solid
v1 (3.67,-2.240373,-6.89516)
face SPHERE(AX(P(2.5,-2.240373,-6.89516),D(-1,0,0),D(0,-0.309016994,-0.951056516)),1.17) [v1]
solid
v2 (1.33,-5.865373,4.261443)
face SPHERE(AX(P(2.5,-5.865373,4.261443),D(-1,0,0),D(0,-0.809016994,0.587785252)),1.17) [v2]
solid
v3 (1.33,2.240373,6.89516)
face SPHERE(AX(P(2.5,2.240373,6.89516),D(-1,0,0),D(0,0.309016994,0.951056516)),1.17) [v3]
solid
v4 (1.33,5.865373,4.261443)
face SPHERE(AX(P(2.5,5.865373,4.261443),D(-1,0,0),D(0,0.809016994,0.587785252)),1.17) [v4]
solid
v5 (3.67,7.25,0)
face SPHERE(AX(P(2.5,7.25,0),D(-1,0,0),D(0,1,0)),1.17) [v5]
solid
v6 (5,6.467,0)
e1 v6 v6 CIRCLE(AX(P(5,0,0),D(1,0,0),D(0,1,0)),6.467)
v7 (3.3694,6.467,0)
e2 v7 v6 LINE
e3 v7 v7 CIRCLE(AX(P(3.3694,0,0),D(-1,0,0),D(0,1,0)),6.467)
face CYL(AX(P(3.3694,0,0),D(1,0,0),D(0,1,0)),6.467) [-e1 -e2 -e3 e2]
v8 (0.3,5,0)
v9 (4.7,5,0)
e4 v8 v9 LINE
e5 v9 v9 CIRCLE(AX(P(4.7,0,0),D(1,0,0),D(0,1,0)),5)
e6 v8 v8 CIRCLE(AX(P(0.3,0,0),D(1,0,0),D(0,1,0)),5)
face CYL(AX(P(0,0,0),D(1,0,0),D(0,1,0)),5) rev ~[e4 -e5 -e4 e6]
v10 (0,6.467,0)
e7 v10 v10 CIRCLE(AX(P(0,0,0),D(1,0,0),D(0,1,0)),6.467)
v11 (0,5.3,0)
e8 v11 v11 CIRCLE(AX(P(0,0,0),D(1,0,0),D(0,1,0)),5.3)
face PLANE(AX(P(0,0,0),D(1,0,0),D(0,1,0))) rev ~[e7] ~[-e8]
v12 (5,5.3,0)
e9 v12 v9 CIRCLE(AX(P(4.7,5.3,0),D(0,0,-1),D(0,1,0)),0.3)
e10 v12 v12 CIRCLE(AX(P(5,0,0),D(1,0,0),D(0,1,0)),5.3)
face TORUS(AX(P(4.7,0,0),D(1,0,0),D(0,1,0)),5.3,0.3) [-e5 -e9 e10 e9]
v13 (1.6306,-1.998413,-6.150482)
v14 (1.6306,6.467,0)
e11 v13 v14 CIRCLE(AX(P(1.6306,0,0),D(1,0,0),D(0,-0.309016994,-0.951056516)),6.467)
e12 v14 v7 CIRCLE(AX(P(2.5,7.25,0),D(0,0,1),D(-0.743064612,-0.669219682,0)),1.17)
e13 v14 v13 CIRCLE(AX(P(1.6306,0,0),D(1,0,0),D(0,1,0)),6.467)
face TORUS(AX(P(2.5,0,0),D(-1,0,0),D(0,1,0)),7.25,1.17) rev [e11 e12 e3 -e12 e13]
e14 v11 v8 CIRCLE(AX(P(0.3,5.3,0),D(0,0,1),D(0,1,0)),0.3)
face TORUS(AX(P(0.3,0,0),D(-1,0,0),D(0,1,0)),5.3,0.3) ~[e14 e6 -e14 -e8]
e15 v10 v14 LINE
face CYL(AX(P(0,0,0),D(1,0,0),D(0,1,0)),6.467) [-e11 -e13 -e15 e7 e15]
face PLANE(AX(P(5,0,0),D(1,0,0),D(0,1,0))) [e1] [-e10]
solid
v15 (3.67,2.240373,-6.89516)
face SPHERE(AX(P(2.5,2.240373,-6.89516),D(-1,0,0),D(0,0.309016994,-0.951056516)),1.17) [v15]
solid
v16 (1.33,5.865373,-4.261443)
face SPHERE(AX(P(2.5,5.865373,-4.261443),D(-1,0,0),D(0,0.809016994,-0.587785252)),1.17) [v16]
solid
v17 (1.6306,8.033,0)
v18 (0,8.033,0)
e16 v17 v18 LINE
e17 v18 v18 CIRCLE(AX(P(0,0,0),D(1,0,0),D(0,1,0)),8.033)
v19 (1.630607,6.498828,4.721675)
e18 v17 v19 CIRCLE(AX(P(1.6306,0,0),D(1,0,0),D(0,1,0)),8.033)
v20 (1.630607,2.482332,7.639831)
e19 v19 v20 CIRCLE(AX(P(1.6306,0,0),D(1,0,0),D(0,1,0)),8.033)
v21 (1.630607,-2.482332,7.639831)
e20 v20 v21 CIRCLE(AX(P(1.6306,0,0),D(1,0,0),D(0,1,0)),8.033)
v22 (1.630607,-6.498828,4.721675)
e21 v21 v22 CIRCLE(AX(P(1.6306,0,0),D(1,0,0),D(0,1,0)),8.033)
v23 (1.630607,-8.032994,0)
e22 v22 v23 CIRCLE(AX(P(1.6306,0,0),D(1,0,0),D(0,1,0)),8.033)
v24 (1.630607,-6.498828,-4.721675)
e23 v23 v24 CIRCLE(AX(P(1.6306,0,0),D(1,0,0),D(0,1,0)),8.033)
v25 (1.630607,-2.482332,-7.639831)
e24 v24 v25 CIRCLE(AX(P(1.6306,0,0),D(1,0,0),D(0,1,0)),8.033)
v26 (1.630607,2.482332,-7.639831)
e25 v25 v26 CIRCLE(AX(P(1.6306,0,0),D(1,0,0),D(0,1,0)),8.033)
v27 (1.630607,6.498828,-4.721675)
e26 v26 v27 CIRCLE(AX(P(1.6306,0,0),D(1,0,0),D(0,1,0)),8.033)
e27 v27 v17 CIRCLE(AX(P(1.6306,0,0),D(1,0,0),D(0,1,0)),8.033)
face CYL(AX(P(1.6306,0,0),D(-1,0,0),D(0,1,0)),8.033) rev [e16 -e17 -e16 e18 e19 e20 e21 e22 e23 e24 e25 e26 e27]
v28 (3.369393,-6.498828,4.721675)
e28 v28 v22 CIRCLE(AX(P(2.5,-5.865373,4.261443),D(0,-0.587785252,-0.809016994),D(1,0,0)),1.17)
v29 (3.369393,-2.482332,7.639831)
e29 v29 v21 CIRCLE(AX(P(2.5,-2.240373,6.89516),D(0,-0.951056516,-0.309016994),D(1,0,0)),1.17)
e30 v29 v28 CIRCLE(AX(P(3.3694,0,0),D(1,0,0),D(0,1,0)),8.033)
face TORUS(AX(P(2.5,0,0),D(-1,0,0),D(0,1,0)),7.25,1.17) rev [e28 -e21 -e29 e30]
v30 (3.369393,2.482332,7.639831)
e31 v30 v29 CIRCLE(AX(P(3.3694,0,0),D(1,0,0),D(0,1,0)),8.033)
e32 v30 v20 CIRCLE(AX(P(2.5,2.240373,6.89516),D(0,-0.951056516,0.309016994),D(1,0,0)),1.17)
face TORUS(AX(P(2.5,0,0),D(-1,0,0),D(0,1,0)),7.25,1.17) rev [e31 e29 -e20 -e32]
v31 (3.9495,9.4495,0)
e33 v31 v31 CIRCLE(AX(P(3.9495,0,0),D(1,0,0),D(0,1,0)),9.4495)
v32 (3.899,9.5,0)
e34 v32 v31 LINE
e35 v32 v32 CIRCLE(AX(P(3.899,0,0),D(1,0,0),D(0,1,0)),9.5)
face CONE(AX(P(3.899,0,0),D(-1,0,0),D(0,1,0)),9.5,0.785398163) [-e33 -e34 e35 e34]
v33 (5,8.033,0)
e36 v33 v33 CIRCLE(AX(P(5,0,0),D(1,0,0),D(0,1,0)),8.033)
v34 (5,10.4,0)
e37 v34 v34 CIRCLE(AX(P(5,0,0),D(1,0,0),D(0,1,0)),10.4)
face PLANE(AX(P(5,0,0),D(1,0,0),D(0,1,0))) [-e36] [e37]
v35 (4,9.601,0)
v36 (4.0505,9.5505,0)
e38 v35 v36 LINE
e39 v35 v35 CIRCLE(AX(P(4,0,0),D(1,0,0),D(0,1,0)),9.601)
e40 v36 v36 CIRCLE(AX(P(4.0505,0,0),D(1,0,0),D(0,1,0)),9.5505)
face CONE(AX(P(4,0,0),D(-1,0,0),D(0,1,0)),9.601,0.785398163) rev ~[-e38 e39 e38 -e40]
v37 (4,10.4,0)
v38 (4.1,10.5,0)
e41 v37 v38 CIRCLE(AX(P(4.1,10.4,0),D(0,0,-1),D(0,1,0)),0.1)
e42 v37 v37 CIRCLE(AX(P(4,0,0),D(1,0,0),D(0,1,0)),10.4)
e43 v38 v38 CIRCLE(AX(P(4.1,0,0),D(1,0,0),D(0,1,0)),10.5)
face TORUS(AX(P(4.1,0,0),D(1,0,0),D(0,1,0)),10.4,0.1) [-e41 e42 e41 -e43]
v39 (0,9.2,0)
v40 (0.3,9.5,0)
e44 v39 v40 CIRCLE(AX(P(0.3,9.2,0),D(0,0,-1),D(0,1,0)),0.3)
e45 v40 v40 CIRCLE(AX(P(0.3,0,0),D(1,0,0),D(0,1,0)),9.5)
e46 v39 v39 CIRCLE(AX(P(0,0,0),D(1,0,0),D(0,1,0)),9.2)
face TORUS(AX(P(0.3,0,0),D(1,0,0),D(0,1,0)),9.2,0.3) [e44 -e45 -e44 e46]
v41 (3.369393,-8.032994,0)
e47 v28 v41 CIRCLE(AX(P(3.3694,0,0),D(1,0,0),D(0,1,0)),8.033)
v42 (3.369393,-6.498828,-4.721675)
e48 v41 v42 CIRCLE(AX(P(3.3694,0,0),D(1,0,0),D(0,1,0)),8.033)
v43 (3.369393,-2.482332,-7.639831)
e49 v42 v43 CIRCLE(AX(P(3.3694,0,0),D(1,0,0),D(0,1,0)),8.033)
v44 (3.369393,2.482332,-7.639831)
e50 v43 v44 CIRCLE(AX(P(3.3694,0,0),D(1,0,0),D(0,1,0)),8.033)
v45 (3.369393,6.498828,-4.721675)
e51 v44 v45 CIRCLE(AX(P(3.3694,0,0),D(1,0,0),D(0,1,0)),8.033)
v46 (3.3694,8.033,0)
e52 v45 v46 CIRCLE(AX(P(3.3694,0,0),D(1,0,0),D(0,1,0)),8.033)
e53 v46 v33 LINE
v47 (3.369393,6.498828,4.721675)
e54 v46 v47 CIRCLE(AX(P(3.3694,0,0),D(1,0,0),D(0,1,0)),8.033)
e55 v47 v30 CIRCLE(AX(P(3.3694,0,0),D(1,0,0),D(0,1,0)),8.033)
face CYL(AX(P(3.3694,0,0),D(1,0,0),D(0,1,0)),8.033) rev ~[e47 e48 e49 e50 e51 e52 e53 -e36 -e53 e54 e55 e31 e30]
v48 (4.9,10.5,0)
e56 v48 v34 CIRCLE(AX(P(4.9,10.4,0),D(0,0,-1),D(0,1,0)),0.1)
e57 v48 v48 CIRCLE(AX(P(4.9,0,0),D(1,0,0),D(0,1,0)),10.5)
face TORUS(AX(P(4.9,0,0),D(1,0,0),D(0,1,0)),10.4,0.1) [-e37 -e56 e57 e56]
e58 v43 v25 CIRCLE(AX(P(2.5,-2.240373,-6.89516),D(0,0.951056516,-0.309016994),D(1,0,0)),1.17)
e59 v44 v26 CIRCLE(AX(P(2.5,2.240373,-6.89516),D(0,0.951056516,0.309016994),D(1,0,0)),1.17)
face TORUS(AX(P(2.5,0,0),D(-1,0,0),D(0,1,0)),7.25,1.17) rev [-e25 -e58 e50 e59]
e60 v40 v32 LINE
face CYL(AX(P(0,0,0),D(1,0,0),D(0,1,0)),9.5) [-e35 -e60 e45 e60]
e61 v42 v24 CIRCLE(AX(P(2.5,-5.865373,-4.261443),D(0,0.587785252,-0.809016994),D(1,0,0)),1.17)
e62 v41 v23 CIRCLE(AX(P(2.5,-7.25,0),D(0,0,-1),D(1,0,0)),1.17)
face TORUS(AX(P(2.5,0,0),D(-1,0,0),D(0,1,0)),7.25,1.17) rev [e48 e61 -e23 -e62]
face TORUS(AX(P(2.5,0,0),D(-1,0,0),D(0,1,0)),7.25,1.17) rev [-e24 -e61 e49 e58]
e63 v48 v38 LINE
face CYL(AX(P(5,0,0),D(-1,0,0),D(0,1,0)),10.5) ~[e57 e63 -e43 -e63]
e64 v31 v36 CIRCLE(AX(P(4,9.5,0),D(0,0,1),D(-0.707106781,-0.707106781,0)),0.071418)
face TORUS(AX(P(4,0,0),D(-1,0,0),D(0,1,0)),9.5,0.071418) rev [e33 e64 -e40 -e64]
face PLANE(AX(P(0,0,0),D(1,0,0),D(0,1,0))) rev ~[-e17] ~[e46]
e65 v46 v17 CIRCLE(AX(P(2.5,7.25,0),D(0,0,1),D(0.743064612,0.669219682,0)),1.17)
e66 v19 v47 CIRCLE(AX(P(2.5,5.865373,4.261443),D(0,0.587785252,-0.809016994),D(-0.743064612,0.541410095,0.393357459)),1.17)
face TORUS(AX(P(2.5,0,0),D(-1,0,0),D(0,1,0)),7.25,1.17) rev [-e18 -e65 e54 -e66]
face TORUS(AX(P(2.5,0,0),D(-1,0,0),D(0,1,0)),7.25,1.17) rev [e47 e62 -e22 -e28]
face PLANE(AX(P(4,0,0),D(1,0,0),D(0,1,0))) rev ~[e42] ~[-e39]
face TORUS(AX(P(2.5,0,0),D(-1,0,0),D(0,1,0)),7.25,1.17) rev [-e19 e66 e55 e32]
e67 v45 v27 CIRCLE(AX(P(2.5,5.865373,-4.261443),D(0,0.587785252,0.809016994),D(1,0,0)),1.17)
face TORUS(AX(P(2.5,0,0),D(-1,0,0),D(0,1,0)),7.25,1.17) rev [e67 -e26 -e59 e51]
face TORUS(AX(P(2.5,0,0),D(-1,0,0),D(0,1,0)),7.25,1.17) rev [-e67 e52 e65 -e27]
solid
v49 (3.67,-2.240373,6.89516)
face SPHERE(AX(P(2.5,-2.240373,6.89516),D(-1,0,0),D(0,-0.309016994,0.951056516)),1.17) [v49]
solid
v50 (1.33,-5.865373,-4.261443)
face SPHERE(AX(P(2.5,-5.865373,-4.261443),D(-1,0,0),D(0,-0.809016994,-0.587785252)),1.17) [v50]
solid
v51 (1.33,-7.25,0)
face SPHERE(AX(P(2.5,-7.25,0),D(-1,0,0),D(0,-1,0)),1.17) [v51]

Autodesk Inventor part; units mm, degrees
ref_plane "YZ Plane" through (0, 0, 0) normal (1, 0, 0) x (0, 1, 0)
ref_plane "XZ Plane" through (0, 0, 0) normal (0, 1, 0) x (-1, 0, 0)
ref_plane "XY Plane" through (0, 0, 0) normal (0, 0, 1) x (1, 0, 0)
sketch "Sketch" plane through (0, 0, 0) normal (0, 0, 1) x (1, 0, 0)
  line L0 (-0.7, 0) -> (4.2, 0) projected
  line L1 (0, 5) -> (5, 5)
  line L2 (2.5, 6.08) -> (2.5, 8.42)
  circle A0 centre (2.5, 7.25) radius 1.17
  line L3 (3.67, 7.25) -> (1.33, 7.25)
  line L4 (3.3694, 6.467) -> (5, 6.467)
  line L5 (3.5, 6.467) -> (3.5, 6.467)
  line L6 (3.3694, 8.033) -> (5, 8.033)
  line L7 (1.6306, 8.033) -> (0, 8.033)
  line L8 (0, 8.033) -> (0, 8.033)
  line L9 (0, 9.5) -> (3.899, 9.5)
  line L10 (3.5, 8.033) -> (3.5, 8.033)
  line L11 (5, 10.5) -> (4, 10.5)
  line L12 (4, 10.5) -> (4, 9.601)
  line L13 (4, 9.5) -> (4, 9.5) construction
  line L14 (4, 9.601) -> (4.0505, 9.5505)
  line L15 (3.899, 9.5) -> (3.9495, 9.4495)
  arc A1 (3.9495, 9.4495) -> (4.0505, 9.5505) centre (4, 9.5) ccw
  line L16 (3.899, 9.5) -> (4, 9.5) construction
  line L17 (4, 9.601) -> (4, 9.5) construction
  line L18 (0, 9.5) -> (0, 8.033)
  line L19 (0, 6.467) -> (0, 5)
  line L20 (5, 10.5) -> (5, 8.033)
  line L21 (5, 6.467) -> (5, 5)
  line L22 (0, 8.8348) -> (0, -0.5088) projected
  line L23 (0, 6.467) -> (1.6306, 6.467)
  dimension "d5" = 2.34
  dimension "d1" = 0.0714
  dimension "d2" = 45
  dimension "d10" = 10
  dimension "d11" = 12.934
  dimension "d12" = 12.934
  dimension "d13" = 14.5
  dimension "d14" = 16.066
  dimension "d15" = 16.066
  dimension "d16" = 19
  dimension "d17" = 21
  dimension "d116" = 5
  dimension "d117" = 1
  dimension "d118" = 2.5
revolve "Body" add sketch "Sketch" angle 360 about axis through (-10, 0, 0) along (1, 0, 0) contours L19 L23 A0 L4 L21 L1 | L18 L9 L15 A1 L14 L12 L11 L20 L6 A0 L7
fillet "Fillet1" radius 0.1 2 edges at (5, -10.5, 0) (4, -10.5, 0)
fillet "Fillet1" radius 0.3 1 edges at (0, -9.5, 0)
fillet "Fillet1" radius 0.3 1 edges at (0, -5, 0)
fillet "Fillet1" radius 0.3 1 edges at (5, -5, 0)
revolve "Ball" add sketch "Sketch" angle 360 about axis through (3.67, 7.25, 0) along (-1, 0, 0) picked at (1.8659, 7.6941) picked at (3.1341, 7.6941) contours A0 L2 L3 | L3 L2 A0
pattern_circular "Balls" count 10 over 360 about axis through (-10, 0, 0) along (1, 0, 0) of "Ball"
equation "\"d5\" = -0.26 * WD + 0.26 * BD"
equation "\"d1\" = R1"
equation "\"d2\" = ANGL"
equation "\"d10\" = WD"
equation "\"d11\" = ND3"
equation "\"d12\" = 0.326 * BD + 0.674 * WD"
equation "\"d13\" = 0.5 * WD + 0.5 * BD"
equation "\"d14\" = ND1"
equation "\"d15\" = ND2"
equation "\"d16\" = BD"
equation "\"d17\" = SD2"
equation "\"d116\" = KB"
equation "\"d117\" = KAB"
equation "\"d118\" = 0.5 * KB"
equation "\"d20\" = KRS"
equation "\"d21\" = KR1S"
equation "\"d22\" = KR2S"
equation "\"d23\" = KR3S"
equation "\"WD\" = 10"
equation "\"BD\" = 19"
equation "\"KB\" = 5"
equation "\"KAB\" = 1"
equation "\"KRS\" = 0.1 * KAB"
equation "\"SD2\" = 21"
equation "\"NBR\" = 0.142857 * KAB"
equation "\"ANGL\" = 45deg"
equation "\"KR1S\" = 0.3"
equation "\"R1\" = 0.0714286 * KAB"
equation "\"NBR1\" = 0"
equation "\"NBR2\" = 0"
equation "\"ND1\" = 0.326 * WD + 0.674 * BD"
equation "\"ND2\" = 0.326 * WD + 0.674 * BD"
equation "\"ND3\" = 0.674 * WD + 0.326 * BD"
equation "\"KR2S\" = KR1S"
equation "\"KR3S\" = KR1S"
equation "\"WR\" = 0.5 * WD"
equation "\"BR\" = 0.5 * BD"
properties part number "Bearing F 61800 GB/T 7218-1995" material "Steel, Mild"
